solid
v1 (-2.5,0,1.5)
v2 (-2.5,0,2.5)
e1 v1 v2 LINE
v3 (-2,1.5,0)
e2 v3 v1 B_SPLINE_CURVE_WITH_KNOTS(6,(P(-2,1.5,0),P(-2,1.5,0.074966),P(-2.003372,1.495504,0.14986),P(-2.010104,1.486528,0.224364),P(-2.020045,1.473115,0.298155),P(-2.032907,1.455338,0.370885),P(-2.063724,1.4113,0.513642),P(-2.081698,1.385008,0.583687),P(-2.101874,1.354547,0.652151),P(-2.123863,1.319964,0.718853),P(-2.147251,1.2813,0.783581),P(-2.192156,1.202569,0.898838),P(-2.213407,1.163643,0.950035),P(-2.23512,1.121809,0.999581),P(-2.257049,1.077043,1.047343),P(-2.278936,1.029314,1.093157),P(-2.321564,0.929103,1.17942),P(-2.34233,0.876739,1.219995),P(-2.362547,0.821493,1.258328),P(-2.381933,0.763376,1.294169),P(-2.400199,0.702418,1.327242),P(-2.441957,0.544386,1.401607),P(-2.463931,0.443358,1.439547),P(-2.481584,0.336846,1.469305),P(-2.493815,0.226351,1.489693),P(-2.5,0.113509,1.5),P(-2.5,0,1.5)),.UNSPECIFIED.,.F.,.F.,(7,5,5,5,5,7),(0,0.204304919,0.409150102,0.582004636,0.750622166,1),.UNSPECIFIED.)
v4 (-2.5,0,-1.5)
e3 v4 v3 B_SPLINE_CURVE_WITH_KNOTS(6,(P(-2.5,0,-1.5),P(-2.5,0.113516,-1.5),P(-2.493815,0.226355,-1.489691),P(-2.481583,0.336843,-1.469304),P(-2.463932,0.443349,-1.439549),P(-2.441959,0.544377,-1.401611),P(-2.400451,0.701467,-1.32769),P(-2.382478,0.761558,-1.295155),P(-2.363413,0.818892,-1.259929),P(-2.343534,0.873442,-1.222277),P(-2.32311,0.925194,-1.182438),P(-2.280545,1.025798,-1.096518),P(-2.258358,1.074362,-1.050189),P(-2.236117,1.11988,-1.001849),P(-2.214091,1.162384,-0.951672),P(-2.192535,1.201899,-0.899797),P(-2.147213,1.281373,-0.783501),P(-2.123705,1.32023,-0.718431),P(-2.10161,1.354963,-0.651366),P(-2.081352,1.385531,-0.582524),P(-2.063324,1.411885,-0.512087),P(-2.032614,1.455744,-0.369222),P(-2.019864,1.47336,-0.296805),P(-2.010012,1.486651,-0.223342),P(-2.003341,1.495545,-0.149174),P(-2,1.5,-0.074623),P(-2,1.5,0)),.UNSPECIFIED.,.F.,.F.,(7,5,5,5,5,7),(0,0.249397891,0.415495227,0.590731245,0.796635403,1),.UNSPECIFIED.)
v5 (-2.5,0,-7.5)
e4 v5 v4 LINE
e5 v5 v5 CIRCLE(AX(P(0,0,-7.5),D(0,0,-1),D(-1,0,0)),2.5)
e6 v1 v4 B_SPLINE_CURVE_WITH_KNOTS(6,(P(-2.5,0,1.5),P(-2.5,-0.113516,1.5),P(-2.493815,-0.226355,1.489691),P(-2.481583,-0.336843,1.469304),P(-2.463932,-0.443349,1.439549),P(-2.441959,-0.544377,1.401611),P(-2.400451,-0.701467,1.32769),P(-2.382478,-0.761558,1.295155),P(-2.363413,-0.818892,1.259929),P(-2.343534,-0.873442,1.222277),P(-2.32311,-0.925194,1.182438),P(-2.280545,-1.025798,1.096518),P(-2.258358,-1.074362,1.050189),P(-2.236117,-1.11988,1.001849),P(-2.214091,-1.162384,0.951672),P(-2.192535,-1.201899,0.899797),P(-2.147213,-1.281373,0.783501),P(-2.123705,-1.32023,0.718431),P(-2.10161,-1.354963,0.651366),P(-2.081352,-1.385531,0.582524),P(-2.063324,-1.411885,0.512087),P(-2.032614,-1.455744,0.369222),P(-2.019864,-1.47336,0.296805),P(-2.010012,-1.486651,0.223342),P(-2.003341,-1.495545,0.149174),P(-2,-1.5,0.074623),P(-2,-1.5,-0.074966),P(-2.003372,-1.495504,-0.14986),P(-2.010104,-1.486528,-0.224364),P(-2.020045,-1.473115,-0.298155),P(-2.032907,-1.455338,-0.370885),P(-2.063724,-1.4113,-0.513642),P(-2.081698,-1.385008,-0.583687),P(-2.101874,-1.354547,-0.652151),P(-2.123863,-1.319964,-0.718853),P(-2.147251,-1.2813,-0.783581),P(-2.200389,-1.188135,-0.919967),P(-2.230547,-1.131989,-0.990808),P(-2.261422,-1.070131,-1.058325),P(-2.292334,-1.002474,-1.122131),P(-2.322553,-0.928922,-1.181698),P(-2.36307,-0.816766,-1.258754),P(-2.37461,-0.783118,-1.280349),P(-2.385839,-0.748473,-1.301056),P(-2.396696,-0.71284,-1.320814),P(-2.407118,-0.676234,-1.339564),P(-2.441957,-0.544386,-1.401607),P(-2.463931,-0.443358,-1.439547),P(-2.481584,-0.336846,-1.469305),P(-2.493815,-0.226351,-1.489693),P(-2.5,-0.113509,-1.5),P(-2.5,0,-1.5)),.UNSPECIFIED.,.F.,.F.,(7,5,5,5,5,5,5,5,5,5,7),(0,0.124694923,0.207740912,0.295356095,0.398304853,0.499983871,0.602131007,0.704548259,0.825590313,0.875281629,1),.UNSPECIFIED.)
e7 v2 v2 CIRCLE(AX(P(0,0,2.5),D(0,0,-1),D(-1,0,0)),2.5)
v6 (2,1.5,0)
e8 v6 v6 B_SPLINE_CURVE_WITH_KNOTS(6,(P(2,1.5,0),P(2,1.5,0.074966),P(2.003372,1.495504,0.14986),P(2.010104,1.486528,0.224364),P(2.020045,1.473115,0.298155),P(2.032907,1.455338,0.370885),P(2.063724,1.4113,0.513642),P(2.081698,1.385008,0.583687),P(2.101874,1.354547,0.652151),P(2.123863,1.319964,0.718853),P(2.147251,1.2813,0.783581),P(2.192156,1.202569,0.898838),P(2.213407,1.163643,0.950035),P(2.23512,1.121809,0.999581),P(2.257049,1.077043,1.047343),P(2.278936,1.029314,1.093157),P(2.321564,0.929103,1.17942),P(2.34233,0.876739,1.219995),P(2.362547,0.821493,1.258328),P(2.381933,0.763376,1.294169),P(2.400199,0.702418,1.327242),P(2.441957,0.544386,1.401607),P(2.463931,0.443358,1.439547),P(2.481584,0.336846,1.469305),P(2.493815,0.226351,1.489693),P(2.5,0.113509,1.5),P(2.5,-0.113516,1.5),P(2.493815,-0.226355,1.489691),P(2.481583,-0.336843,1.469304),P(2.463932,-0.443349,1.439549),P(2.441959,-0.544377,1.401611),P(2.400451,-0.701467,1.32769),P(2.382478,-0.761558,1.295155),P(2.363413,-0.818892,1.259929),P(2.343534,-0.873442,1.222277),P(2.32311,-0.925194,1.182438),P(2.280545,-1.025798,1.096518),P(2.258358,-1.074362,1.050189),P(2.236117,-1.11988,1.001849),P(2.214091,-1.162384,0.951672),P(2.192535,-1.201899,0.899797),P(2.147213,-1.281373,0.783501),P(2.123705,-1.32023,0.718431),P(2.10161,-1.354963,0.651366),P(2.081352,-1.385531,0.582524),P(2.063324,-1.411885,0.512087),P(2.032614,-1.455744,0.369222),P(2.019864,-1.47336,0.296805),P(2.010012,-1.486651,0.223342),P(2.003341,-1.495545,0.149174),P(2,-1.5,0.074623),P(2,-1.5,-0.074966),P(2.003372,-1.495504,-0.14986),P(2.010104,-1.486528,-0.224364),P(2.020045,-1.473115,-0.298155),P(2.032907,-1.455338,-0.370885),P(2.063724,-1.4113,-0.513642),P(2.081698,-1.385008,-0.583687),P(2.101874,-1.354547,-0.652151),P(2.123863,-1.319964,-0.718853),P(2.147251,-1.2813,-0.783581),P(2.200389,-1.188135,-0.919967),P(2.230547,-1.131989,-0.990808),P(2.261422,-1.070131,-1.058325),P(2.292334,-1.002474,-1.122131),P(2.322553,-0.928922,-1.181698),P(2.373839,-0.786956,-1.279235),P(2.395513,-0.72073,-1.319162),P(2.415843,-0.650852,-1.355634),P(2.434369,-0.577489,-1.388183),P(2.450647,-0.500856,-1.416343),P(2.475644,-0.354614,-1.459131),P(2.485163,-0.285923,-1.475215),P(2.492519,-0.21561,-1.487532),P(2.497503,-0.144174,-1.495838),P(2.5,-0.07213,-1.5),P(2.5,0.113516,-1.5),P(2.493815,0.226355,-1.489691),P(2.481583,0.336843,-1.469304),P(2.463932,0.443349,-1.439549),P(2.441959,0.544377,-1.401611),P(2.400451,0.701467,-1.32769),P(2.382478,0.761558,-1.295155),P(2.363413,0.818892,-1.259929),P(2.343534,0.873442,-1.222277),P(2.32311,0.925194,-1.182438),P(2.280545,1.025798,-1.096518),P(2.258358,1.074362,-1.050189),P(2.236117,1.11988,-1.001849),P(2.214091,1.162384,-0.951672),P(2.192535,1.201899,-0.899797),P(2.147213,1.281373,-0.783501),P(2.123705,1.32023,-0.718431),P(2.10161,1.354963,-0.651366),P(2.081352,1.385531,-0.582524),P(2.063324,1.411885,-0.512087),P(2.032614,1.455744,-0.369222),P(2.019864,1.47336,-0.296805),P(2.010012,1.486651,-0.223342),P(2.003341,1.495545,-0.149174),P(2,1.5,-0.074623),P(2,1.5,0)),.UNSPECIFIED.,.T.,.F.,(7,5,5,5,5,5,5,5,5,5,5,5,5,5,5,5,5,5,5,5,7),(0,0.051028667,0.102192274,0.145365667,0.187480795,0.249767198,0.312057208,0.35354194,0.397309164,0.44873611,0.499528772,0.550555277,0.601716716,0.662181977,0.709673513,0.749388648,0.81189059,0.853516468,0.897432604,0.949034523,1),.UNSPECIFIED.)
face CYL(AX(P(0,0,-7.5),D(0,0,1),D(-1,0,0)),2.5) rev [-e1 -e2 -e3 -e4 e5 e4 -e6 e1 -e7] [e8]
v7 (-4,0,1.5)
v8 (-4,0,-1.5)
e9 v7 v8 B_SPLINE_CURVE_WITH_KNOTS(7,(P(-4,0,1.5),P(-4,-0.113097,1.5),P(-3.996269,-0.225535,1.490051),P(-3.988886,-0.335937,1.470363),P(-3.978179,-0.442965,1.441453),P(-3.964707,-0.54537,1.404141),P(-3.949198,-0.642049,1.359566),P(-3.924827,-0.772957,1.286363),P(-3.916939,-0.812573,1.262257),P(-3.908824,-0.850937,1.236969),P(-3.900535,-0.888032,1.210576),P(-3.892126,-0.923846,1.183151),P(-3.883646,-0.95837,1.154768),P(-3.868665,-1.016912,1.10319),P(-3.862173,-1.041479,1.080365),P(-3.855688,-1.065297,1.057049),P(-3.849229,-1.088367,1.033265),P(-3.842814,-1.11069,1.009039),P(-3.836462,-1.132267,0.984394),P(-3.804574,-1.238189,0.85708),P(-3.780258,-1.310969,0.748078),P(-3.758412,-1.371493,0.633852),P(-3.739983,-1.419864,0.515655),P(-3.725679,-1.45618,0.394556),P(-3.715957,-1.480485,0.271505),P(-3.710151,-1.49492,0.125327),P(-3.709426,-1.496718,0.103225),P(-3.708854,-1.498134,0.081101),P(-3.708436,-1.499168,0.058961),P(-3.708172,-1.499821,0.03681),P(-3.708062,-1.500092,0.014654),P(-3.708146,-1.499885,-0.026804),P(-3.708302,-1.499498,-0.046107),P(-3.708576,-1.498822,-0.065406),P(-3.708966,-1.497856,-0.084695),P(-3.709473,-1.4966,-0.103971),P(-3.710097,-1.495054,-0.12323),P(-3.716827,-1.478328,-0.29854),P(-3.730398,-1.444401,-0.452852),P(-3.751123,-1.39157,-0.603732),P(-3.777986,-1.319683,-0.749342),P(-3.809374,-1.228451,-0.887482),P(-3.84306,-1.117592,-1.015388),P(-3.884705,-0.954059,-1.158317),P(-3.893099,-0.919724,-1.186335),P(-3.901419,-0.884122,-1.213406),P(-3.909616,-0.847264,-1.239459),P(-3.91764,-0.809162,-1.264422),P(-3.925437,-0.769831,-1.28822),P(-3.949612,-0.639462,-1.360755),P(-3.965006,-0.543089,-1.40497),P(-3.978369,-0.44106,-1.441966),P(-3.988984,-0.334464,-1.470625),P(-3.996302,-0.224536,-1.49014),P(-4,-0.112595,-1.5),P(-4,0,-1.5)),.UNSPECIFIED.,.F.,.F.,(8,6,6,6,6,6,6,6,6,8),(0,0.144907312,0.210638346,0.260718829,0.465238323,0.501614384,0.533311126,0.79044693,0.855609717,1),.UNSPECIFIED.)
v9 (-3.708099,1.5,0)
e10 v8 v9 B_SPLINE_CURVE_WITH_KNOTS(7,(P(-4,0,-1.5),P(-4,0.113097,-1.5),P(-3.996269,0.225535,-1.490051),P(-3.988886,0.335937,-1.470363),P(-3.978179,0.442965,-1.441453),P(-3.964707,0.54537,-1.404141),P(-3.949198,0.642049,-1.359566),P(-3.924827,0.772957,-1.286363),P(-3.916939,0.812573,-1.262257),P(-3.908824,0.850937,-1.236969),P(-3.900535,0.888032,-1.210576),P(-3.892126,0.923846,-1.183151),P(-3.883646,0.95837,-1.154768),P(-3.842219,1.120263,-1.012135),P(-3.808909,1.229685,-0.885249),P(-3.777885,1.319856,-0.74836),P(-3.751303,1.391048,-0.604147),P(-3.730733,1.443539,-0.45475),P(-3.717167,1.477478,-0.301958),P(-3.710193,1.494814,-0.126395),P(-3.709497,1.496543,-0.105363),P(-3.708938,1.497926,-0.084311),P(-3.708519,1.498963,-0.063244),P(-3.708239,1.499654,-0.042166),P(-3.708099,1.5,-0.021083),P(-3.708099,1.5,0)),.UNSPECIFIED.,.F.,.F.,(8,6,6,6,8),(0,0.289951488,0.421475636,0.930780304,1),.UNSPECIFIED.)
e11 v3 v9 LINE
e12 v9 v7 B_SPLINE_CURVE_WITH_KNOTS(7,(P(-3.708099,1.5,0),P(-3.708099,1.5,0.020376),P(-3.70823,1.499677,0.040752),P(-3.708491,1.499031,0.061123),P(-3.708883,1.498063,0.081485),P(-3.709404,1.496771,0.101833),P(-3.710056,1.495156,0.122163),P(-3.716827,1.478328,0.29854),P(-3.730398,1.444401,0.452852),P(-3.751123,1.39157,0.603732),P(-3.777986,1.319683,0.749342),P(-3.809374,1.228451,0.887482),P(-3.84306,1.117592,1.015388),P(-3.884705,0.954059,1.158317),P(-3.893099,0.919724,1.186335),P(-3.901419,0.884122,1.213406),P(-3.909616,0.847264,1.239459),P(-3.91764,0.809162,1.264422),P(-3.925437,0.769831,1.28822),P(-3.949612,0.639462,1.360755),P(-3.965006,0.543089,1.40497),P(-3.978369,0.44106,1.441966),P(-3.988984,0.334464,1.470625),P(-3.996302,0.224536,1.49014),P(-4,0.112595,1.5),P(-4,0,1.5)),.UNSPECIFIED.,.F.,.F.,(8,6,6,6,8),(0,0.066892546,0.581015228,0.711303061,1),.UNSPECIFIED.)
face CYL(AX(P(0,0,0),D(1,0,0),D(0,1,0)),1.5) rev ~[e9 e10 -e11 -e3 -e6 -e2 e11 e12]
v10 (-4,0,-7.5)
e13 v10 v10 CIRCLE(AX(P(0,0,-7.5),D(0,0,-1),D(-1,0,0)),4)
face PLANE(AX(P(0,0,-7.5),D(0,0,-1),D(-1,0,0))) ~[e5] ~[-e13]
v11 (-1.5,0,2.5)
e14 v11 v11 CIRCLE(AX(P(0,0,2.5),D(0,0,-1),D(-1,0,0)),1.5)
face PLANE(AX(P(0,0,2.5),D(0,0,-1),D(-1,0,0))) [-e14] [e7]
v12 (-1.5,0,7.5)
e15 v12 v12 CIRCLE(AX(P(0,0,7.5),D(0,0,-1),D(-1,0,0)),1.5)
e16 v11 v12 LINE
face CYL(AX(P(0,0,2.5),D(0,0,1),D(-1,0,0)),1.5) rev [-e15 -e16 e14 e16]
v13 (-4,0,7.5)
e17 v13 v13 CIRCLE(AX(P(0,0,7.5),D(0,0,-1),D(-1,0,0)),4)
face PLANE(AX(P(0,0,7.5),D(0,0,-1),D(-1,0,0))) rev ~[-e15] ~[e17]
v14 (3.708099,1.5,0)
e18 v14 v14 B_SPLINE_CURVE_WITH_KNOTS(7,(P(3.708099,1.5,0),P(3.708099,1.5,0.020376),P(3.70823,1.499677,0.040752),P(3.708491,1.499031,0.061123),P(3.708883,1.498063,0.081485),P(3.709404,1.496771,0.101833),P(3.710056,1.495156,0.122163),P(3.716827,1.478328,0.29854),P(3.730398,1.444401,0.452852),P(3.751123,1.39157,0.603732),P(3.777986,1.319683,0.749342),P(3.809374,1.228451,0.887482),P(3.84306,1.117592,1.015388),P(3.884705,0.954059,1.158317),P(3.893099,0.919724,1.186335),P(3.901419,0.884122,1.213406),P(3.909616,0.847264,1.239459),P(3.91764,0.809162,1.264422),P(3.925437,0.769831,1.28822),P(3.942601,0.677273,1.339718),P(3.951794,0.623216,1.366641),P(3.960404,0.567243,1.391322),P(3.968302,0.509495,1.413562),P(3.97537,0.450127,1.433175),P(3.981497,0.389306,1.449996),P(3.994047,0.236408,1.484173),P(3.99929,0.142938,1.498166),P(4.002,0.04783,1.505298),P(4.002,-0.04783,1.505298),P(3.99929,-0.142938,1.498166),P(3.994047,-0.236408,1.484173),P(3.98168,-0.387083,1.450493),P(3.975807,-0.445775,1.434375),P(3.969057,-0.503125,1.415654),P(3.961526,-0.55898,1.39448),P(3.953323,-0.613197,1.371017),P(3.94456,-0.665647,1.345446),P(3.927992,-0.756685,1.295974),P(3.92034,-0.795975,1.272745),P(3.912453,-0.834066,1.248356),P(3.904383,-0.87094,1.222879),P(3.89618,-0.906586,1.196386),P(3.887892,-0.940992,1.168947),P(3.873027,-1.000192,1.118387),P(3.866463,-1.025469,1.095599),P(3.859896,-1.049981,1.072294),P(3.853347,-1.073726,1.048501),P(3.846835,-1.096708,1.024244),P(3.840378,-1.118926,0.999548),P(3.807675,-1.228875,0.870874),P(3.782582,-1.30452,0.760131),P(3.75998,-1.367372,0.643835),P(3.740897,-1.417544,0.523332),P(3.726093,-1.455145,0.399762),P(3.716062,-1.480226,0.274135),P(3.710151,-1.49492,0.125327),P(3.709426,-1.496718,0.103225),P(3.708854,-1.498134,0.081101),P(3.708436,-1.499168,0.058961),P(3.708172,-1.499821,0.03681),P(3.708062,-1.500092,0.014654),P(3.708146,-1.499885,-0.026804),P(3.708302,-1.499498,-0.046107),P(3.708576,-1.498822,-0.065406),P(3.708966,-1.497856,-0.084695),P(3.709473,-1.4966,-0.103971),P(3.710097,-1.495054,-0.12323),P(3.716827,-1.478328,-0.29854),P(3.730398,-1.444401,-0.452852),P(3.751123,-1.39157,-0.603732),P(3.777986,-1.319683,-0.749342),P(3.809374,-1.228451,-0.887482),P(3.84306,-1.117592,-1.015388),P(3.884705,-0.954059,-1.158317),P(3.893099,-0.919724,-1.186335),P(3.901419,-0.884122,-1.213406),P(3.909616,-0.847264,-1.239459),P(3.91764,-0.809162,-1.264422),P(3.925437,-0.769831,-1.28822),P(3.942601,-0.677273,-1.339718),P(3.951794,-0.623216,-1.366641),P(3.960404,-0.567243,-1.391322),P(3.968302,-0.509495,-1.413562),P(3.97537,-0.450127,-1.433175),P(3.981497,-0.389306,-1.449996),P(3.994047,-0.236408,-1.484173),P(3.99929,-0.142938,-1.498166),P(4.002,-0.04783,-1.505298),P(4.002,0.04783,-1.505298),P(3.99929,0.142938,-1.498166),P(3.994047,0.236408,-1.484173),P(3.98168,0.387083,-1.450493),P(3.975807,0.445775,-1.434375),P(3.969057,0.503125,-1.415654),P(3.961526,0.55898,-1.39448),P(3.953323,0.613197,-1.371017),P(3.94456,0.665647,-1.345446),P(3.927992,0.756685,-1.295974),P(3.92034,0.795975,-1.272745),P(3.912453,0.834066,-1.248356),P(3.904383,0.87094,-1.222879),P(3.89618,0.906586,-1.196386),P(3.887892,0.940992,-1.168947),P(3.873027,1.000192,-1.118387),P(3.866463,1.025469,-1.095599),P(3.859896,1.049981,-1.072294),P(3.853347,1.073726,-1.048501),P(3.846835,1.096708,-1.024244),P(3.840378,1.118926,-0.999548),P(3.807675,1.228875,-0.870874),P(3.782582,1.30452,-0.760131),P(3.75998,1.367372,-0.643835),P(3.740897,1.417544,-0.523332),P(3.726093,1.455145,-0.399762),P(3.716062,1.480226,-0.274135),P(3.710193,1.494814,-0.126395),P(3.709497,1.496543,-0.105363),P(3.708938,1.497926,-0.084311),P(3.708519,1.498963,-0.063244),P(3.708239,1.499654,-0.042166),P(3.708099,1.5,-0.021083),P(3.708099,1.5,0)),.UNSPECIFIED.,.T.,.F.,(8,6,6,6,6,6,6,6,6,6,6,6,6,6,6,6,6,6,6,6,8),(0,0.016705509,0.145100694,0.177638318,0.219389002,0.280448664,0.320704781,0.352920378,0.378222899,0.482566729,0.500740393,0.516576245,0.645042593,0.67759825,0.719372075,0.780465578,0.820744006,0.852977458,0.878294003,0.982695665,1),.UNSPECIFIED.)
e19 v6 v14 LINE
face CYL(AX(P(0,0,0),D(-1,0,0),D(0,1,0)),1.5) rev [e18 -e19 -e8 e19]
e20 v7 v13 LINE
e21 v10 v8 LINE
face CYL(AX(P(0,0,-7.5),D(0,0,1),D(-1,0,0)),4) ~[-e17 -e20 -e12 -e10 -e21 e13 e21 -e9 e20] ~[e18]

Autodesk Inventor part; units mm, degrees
ref_plane "YZ Plane" through (0, 0, 0) normal (1, 0, 0) x (0, 1, 0)
ref_plane "XZ Plane" through (0, 0, 0) normal (0, 1, 0) x (-1, 0, 0)
ref_plane "XY Plane" through (0, 0, 0) normal (0, 0, 1) x (1, 0, 0)
sketch "Sketch1" plane through (0, 0, 0) normal (0, 1, 0) x (-1, 0, 0)
  line L0 (4, 7.5) -> (1.5, 7.5)
  line L1 (2.5, -7.5) -> (4, -7.5)
  line L2 (4, -7.5) -> (4, 7.5)
  line L3 (1.5, 7.5) -> (0, 7.5) construction
  line L4 (0, 7.5) -> (0, -7.5)
  line L5 (0, -7.5) -> (2.5, -7.5) construction
  line L6 (2.5, -7.5) -> (2.5, 2.5)
  line L7 (2.5, 2.5) -> (1.5, 2.5)
  line L8 (1.5, 2.5) -> (1.5, 7.5)
  point P0 (0, 0)
  point P1 (0, 0)
  dimension "d0" = 8
  dimension "d2" = 15
  dimension "d4" = 5
  dimension "d5" = 3
  dimension "d6" = 5
revolve "Revolution1" add sketch "Sketch1" angle 360 about axis through (0, 0, 7.5) along (0, 0, -1)
thread "Thread1" size "M5x0.8" class "6H" standard "ANSI Metric M Profile" full length
thread "Thread2" size "M3x0.5" class "6H" standard "ANSI Metric M Profile" full length
sketch "Sketch2" plane through (0, 0, 0) normal (1, 0, 0) x (0, 1, 0)
  circle A0 centre (0, 0) radius 1.5
  dimension "d11" = 3
extrude "Extrusion1" cut sketch "Sketch2" along normal through all both and the other way through all
properties part number "anode-bushing-adapter" material "Stainless Steel"
